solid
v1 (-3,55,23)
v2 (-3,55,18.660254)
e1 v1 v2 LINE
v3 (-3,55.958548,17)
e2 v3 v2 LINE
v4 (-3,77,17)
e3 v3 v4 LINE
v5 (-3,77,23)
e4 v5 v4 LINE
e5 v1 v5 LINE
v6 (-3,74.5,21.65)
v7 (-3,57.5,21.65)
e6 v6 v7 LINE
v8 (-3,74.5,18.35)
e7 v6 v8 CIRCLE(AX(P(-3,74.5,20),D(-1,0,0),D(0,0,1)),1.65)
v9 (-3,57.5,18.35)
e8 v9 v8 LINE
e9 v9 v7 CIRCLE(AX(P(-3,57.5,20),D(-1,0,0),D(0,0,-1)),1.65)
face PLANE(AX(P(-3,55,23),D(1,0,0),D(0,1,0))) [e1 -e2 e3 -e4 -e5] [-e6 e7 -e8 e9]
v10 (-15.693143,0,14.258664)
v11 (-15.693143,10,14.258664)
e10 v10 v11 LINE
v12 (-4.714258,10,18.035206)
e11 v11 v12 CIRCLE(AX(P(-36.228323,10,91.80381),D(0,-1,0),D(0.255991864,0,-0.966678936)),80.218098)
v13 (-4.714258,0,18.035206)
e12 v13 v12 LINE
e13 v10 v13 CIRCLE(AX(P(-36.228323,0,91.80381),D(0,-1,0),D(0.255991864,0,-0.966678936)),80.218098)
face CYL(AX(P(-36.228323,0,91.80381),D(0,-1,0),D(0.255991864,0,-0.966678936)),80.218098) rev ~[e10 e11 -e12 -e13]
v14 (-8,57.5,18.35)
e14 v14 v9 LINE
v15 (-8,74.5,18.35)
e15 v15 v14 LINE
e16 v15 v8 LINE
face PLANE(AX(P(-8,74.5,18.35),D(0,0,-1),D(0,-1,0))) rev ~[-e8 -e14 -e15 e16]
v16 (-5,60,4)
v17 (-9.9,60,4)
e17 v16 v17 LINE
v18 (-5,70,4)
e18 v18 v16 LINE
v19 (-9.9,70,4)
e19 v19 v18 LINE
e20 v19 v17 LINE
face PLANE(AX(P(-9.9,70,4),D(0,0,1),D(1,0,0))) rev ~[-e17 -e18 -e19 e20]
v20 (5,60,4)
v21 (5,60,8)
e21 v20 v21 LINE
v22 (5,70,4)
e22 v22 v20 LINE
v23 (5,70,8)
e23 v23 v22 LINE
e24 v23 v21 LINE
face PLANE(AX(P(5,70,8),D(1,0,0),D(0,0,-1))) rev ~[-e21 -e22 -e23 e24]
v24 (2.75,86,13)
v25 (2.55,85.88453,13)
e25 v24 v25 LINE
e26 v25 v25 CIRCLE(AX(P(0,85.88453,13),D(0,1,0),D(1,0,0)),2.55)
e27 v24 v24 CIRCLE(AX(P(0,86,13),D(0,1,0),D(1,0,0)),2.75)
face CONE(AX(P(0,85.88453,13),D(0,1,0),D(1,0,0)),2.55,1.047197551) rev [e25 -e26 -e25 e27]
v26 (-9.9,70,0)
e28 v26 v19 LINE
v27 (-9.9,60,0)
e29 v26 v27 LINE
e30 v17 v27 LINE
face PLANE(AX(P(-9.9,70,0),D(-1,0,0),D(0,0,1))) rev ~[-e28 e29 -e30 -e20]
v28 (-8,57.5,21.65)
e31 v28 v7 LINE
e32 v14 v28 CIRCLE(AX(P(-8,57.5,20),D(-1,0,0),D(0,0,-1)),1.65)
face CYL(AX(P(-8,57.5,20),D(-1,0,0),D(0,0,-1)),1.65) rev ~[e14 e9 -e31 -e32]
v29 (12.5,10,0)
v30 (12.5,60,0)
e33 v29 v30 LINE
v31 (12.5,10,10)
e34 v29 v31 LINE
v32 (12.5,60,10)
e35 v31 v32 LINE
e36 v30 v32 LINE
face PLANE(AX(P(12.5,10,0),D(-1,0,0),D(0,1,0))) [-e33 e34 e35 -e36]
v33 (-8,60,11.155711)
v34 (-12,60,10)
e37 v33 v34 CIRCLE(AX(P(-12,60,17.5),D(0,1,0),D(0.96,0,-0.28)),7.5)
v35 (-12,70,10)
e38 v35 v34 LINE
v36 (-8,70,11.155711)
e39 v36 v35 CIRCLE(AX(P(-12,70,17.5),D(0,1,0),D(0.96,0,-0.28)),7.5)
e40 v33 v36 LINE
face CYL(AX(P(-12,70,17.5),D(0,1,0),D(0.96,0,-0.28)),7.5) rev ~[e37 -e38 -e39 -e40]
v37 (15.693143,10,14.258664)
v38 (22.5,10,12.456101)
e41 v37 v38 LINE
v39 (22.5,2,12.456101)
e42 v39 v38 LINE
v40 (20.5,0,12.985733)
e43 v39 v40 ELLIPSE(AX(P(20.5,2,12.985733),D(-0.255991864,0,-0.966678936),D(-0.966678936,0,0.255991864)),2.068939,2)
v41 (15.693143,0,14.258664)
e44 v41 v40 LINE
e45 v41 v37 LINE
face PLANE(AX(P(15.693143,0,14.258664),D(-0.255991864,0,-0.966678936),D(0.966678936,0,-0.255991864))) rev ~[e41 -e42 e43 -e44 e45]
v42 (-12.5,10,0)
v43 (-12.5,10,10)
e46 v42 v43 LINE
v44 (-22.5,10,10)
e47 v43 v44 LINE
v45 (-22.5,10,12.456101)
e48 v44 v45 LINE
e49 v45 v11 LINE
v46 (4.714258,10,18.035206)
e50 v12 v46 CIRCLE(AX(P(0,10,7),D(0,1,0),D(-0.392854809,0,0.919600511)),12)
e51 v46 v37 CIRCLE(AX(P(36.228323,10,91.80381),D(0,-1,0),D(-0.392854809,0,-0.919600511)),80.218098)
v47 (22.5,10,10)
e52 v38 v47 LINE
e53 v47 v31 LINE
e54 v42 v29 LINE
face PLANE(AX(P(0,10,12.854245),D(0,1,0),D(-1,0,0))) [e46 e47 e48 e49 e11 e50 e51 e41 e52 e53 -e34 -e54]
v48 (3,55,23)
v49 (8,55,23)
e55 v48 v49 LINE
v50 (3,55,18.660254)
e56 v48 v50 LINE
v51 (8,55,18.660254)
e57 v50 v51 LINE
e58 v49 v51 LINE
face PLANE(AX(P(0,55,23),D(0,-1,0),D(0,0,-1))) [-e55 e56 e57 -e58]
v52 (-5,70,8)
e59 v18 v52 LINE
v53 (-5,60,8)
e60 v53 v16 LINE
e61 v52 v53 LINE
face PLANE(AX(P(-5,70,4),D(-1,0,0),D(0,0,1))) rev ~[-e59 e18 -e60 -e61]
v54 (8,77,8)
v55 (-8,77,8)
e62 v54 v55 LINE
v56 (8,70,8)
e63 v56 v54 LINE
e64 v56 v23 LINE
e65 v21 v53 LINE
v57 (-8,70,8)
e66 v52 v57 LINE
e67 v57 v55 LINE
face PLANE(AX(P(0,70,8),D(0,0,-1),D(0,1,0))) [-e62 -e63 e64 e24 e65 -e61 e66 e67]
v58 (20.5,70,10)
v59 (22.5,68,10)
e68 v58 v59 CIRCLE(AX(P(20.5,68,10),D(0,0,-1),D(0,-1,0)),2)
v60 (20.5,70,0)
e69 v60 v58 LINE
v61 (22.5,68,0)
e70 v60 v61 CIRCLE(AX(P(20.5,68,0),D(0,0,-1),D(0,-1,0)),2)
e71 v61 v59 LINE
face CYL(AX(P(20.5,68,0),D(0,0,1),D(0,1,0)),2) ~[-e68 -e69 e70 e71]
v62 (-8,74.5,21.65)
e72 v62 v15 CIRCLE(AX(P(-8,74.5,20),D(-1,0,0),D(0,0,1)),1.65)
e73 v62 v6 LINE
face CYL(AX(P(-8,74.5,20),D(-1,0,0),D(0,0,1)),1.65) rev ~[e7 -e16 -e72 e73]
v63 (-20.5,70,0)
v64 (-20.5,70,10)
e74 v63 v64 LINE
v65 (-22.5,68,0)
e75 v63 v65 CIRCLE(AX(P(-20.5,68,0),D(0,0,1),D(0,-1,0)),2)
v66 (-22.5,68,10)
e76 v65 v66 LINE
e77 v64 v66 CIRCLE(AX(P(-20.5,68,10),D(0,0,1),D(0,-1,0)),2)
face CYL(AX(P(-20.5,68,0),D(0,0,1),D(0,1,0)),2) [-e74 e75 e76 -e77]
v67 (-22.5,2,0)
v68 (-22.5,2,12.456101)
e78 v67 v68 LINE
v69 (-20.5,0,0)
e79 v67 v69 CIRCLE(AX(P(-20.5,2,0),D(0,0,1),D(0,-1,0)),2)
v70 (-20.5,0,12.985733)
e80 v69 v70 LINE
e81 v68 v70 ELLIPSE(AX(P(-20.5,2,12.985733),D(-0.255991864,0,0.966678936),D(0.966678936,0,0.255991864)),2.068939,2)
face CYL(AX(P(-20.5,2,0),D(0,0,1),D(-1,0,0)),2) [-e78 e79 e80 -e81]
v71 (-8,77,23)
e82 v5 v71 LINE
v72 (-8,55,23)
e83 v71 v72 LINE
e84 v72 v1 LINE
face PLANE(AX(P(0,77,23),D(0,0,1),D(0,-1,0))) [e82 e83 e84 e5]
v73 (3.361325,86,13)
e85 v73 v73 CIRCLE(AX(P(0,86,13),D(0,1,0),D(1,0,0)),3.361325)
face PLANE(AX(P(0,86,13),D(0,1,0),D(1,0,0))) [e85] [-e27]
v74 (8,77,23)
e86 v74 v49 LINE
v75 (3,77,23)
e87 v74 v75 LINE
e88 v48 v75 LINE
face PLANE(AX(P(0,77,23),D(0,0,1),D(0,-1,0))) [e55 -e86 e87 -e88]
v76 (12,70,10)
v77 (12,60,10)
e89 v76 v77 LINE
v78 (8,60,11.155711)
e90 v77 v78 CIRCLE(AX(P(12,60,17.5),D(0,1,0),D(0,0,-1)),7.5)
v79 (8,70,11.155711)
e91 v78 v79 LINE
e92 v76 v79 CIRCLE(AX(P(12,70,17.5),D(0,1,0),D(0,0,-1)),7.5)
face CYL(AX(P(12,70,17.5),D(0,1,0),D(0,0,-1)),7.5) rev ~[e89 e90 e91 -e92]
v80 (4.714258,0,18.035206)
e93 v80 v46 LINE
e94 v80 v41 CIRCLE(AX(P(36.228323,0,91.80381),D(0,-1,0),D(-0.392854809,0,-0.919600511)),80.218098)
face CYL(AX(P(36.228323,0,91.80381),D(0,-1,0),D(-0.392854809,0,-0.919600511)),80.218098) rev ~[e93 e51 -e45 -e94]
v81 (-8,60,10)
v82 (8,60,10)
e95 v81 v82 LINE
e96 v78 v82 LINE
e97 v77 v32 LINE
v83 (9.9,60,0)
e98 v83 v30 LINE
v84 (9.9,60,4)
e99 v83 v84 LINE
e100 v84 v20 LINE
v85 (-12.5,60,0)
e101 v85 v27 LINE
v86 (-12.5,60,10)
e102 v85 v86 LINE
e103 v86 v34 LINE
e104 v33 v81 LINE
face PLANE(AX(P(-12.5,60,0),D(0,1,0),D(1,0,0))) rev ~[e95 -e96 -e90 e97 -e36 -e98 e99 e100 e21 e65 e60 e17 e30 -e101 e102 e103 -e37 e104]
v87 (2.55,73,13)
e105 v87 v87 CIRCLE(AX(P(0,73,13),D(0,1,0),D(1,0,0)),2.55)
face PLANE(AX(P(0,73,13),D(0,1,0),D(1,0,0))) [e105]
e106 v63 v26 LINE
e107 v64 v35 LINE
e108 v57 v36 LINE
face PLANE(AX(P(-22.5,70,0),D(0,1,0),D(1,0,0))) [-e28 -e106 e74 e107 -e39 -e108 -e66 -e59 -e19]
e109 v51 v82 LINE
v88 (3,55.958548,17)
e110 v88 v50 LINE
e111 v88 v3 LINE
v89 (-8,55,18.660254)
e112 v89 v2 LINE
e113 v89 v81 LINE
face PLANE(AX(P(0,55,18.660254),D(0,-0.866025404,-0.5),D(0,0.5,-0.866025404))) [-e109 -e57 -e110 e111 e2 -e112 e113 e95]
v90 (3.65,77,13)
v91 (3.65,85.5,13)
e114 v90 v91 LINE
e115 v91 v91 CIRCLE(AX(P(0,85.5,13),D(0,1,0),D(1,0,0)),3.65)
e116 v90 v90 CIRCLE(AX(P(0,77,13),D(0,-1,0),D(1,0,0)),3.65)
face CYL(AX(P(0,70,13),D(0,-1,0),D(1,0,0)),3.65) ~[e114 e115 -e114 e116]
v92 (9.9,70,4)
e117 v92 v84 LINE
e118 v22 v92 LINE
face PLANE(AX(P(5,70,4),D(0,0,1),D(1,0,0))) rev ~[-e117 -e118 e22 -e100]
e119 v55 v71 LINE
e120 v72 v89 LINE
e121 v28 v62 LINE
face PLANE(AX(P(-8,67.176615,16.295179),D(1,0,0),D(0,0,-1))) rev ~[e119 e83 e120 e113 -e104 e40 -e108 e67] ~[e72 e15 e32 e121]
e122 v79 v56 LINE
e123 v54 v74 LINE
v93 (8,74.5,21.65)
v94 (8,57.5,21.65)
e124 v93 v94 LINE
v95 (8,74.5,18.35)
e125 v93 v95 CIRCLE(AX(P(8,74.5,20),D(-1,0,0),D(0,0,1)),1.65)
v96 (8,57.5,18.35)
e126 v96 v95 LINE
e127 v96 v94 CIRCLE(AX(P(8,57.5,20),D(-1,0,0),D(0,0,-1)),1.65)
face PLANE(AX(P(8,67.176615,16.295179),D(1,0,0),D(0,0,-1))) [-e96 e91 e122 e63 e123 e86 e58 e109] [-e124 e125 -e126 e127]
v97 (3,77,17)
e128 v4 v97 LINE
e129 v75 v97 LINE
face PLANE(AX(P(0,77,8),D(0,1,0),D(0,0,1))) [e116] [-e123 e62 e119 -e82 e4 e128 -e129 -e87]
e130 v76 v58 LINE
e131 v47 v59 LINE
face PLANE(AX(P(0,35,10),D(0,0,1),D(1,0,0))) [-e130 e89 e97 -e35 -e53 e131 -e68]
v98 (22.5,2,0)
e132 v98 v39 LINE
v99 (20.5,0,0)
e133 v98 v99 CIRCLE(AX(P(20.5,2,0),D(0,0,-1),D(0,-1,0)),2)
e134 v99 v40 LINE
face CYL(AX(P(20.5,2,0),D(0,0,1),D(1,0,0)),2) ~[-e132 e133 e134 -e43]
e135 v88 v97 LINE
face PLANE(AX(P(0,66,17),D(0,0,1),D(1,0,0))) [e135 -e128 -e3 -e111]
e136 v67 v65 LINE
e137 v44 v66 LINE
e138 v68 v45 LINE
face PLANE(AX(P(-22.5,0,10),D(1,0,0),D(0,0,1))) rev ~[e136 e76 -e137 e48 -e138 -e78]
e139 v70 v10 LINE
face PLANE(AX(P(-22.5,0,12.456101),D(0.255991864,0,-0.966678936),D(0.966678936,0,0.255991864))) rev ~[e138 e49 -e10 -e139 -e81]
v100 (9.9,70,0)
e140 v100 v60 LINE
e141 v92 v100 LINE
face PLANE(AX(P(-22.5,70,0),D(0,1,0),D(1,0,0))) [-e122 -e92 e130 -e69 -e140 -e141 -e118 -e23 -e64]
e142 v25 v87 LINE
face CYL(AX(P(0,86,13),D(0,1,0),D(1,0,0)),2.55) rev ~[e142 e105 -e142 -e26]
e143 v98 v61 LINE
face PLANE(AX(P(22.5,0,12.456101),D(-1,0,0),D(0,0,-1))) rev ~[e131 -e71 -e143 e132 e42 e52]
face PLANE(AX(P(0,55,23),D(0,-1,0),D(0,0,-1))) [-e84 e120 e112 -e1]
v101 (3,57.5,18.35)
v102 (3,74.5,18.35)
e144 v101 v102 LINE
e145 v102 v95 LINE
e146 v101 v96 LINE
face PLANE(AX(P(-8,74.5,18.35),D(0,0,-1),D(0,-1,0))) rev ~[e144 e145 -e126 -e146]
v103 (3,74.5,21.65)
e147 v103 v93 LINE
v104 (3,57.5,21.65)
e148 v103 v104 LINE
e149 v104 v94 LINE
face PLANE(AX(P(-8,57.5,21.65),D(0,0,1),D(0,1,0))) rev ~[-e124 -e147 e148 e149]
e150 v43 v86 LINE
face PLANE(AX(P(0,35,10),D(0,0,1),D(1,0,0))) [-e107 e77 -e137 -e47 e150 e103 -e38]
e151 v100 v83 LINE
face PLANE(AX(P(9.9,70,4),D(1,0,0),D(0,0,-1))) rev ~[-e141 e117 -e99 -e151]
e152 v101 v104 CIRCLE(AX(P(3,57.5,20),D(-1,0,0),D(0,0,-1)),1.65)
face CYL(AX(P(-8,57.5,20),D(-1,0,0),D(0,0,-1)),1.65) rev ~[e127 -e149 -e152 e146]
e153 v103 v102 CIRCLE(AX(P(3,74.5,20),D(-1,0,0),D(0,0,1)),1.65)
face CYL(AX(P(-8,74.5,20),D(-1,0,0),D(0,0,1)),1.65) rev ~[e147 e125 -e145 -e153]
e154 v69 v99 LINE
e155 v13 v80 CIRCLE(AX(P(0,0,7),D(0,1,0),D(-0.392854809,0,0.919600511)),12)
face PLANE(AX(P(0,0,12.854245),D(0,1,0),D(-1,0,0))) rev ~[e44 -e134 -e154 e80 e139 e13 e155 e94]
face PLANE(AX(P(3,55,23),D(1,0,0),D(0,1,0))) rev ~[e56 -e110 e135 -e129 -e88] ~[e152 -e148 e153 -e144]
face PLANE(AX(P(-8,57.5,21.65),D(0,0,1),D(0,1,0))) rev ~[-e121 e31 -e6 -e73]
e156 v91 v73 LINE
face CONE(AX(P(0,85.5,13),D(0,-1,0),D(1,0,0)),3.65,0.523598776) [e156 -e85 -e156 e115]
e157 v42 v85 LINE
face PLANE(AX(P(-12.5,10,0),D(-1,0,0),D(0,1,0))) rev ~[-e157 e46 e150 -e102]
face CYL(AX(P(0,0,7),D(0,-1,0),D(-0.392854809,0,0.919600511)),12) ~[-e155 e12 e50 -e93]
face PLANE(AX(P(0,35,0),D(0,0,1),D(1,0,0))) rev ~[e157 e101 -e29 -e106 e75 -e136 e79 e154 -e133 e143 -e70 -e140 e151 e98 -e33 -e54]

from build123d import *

# Parameters (mm, degrees)
SKETCH2_W               = 45
SKETCH2_H               = 70
SKETCH2_W_2             = 25
SKETCH2_H_2             = 50
BOSS_EXTRUDE2_DEPTH     = 10
CUT_EXTRUDE1_REACH      = 72
BOSS_EXTRUDE3_DEPTH     = 10
SKETCH6_R               = 3.65
BOSS_EXTRUDE4_DEPTH     = 16
BOSS_EXTRUDE5_DEPTH     = 10
BOSS_EXTRUDE8_DEPTH     = 8
SKETCH9_W               = 6
SKETCH9_H               = 22
CUT_EXTRUDE2_DEPTH      = 6
CUT_EXTRUDE3_DEPTH      = 15.5
CUT_EXTRUDE3_DEPTH_BACK = 31.5
SKETCH11_R              = 2.55
CUT_EXTRUDE4_DEPTH      = 13
CHAMFER1_SIZE           = 0.2
CHAMFER1_SIZE2          = 0.115470054
CHAMFER2_SIZE           = 0.5
CHAMFER2_SIZE2          = 0.288675135
FILLET1_R               = 2


with BuildPart() as part:
    # Sketch2 → Boss-Extrude2 (new body)
    with BuildSketch(Plane.XY):
        with Locations((0, 35)):
            Rectangle(SKETCH2_W, SKETCH2_H)
        with Locations((0, 35)):
            Rectangle(SKETCH2_W_2, SKETCH2_H_2, mode=Mode.SUBTRACT)
    extrude(amount=BOSS_EXTRUDE2_DEPTH)

    # Sketch3 → Cut-Extrude1 (cut, up to next)
    with BuildSketch(Plane(origin=(0, 70, 0), x_dir=(1, 0, 0), z_dir=(0, 1, 0)), mode=Mode.PRIVATE) as cut_extrude1_sk1:
        Polygon((-9.9, 0), (-9.9, -4), (-5, -4), (-5, -8), (5, -8), (5, -4), (9.9, -4), (9.9, 0), align=None)
    cut_extrude1_tool1 = extrude(cut_extrude1_sk1.sketch, amount=-CUT_EXTRUDE1_REACH, mode=Mode.PRIVATE) & part.part
    add(cut_extrude1_tool1.solids().sort_by_distance((0, 70, 3.342282))[0], mode=Mode.SUBTRACT)

    # Sketch4 → Boss-Extrude3 (add)
    with BuildSketch(Plane(origin=(0, 70, 0), x_dir=(1, 0, 0), z_dir=(0, 1, 0))):
        with BuildLine():
            Line((-12, -10), (12, -10))
            ThreePointArc((12, -10), (7.5, -11.5), (4.8, -15.4))
            ThreePointArc((4.8, -15.4), (0, -19), (-4.8, -15.4))
            ThreePointArc((-4.8, -15.4), (-7.5, -11.5), (-12, -10))
        make_face()
    extrude(amount=-BOSS_EXTRUDE3_DEPTH)

    # Sketch6 → Boss-Extrude4 (add)
    with BuildSketch(Plane(origin=(0, 70, 0), x_dir=(1, 0, 0), z_dir=(0, 1, 0))):
        with Locations((0, -13)):
            Circle(SKETCH6_R)
    extrude(amount=BOSS_EXTRUDE4_DEPTH)

    # Sketch7 → Boss-Extrude5 (add)
    with BuildSketch(Plane.XZ):
        with BuildLine():
            Line((-22.5, 10), (-22.5, 12.456100996))
            Line((-22.5, 12.456100996), (-15.693142744, 14.258664405))
            ThreePointArc((-15.693142744, 14.258664405), (-10.135286431, 15.948047702), (-4.714257706, 18.035206128))
            ThreePointArc((-4.714257706, 18.035206128), (0, 19), (4.714257706, 18.035206128))
            ThreePointArc((4.714257706, 18.035206128), (10.135286431, 15.948047702), (15.693142744, 14.258664405))
            Line((15.693142744, 14.258664405), (22.5, 12.456100996))
            Line((22.5, 12.456100996), (22.5, 10))
            Line((22.5, 10), (-22.5, 10))
        make_face()
    extrude(amount=-BOSS_EXTRUDE5_DEPTH)

    # Sketch8 → Boss-Extrude8 (add, symmetric)
    with BuildSketch(Plane(origin=(0, 0, 0), x_dir=(0, 0, -1), z_dir=(1, 0, 0))):
        Polygon((-19, 77), (-23, 77), (-23, 55), (-18.660254038, 55), (-10, 60), (-10, 70), (-8, 70), (-8, 77), (-10, 77), align=None)
    extrude(amount=BOSS_EXTRUDE8_DEPTH, both=True)

    # Sketch9 → Cut-Extrude2 (cut)
    with BuildSketch(Plane.XY.offset(23)):
        with Locations((0, 66)):
            Rectangle(SKETCH9_W, SKETCH9_H)
    extrude(amount=-CUT_EXTRUDE2_DEPTH, mode=Mode.SUBTRACT)

    # Sketch10 → Cut-Extrude3 (cut, two sides)
    with BuildSketch(Plane.ZY.offset(8)) as cut_extrude3_sk:
        with BuildLine():
            Line((18.35, 74.5), (18.35, 57.5))
            ThreePointArc((18.35, 57.5), (20, 55.85), (21.65, 57.5))
            Line((21.65, 57.5), (21.65, 74.5))
            ThreePointArc((21.65, 74.5), (20, 76.15), (18.35, 74.5))
        make_face()
    extrude(amount=CUT_EXTRUDE3_DEPTH, mode=Mode.SUBTRACT)
    extrude(cut_extrude3_sk.sketch, amount=-CUT_EXTRUDE3_DEPTH_BACK, mode=Mode.SUBTRACT)

    # Sketch11 → Cut-Extrude4 (cut)
    with BuildSketch(Plane(origin=(0, 86, 0), x_dir=(1, 0, 0), z_dir=(0, 1, 0))):
        with Locations((0, -13)):
            Circle(SKETCH11_R)
    extrude(amount=-CUT_EXTRUDE4_DEPTH, mode=Mode.SUBTRACT)

    # Chamfer1
    chamfer1_edges = [part.edges().sort_by_distance(p)[0] for p in [
        (-2.55, 86, 13),
    ]]
    chamfer1_side = [part.faces().sort_by_distance(p)[0] for p in [
        (-3.54676241, 86, 13),
    ]]
    chamfer(chamfer1_edges, length=CHAMFER1_SIZE, length2=CHAMFER1_SIZE2, reference=chamfer1_side[0])

    # Chamfer2
    chamfer2_edges = [part.edges().sort_by_distance(p)[0] for p in [
        (-3.65, 86, 13),
    ]]
    chamfer2_side = [part.faces().sort_by_distance(p)[0] for p in [
        (-3.65, 81.5, 13),
    ]]
    chamfer(chamfer2_edges, length=CHAMFER2_SIZE, length2=CHAMFER2_SIZE2, reference=chamfer2_side[0])

    # Fillet1
    fillet1_edges = [part.edges().sort_by_distance(p)[0] for p in [
        (-22.5, 70, 5),
        (22.5, 70, 5),
        (22.5, 0, 6.228050498),
        (-22.5, 0, 6.228050498),
    ]]
    fillet(fillet1_edges, radius=FILLET1_R)


solid = part.part
